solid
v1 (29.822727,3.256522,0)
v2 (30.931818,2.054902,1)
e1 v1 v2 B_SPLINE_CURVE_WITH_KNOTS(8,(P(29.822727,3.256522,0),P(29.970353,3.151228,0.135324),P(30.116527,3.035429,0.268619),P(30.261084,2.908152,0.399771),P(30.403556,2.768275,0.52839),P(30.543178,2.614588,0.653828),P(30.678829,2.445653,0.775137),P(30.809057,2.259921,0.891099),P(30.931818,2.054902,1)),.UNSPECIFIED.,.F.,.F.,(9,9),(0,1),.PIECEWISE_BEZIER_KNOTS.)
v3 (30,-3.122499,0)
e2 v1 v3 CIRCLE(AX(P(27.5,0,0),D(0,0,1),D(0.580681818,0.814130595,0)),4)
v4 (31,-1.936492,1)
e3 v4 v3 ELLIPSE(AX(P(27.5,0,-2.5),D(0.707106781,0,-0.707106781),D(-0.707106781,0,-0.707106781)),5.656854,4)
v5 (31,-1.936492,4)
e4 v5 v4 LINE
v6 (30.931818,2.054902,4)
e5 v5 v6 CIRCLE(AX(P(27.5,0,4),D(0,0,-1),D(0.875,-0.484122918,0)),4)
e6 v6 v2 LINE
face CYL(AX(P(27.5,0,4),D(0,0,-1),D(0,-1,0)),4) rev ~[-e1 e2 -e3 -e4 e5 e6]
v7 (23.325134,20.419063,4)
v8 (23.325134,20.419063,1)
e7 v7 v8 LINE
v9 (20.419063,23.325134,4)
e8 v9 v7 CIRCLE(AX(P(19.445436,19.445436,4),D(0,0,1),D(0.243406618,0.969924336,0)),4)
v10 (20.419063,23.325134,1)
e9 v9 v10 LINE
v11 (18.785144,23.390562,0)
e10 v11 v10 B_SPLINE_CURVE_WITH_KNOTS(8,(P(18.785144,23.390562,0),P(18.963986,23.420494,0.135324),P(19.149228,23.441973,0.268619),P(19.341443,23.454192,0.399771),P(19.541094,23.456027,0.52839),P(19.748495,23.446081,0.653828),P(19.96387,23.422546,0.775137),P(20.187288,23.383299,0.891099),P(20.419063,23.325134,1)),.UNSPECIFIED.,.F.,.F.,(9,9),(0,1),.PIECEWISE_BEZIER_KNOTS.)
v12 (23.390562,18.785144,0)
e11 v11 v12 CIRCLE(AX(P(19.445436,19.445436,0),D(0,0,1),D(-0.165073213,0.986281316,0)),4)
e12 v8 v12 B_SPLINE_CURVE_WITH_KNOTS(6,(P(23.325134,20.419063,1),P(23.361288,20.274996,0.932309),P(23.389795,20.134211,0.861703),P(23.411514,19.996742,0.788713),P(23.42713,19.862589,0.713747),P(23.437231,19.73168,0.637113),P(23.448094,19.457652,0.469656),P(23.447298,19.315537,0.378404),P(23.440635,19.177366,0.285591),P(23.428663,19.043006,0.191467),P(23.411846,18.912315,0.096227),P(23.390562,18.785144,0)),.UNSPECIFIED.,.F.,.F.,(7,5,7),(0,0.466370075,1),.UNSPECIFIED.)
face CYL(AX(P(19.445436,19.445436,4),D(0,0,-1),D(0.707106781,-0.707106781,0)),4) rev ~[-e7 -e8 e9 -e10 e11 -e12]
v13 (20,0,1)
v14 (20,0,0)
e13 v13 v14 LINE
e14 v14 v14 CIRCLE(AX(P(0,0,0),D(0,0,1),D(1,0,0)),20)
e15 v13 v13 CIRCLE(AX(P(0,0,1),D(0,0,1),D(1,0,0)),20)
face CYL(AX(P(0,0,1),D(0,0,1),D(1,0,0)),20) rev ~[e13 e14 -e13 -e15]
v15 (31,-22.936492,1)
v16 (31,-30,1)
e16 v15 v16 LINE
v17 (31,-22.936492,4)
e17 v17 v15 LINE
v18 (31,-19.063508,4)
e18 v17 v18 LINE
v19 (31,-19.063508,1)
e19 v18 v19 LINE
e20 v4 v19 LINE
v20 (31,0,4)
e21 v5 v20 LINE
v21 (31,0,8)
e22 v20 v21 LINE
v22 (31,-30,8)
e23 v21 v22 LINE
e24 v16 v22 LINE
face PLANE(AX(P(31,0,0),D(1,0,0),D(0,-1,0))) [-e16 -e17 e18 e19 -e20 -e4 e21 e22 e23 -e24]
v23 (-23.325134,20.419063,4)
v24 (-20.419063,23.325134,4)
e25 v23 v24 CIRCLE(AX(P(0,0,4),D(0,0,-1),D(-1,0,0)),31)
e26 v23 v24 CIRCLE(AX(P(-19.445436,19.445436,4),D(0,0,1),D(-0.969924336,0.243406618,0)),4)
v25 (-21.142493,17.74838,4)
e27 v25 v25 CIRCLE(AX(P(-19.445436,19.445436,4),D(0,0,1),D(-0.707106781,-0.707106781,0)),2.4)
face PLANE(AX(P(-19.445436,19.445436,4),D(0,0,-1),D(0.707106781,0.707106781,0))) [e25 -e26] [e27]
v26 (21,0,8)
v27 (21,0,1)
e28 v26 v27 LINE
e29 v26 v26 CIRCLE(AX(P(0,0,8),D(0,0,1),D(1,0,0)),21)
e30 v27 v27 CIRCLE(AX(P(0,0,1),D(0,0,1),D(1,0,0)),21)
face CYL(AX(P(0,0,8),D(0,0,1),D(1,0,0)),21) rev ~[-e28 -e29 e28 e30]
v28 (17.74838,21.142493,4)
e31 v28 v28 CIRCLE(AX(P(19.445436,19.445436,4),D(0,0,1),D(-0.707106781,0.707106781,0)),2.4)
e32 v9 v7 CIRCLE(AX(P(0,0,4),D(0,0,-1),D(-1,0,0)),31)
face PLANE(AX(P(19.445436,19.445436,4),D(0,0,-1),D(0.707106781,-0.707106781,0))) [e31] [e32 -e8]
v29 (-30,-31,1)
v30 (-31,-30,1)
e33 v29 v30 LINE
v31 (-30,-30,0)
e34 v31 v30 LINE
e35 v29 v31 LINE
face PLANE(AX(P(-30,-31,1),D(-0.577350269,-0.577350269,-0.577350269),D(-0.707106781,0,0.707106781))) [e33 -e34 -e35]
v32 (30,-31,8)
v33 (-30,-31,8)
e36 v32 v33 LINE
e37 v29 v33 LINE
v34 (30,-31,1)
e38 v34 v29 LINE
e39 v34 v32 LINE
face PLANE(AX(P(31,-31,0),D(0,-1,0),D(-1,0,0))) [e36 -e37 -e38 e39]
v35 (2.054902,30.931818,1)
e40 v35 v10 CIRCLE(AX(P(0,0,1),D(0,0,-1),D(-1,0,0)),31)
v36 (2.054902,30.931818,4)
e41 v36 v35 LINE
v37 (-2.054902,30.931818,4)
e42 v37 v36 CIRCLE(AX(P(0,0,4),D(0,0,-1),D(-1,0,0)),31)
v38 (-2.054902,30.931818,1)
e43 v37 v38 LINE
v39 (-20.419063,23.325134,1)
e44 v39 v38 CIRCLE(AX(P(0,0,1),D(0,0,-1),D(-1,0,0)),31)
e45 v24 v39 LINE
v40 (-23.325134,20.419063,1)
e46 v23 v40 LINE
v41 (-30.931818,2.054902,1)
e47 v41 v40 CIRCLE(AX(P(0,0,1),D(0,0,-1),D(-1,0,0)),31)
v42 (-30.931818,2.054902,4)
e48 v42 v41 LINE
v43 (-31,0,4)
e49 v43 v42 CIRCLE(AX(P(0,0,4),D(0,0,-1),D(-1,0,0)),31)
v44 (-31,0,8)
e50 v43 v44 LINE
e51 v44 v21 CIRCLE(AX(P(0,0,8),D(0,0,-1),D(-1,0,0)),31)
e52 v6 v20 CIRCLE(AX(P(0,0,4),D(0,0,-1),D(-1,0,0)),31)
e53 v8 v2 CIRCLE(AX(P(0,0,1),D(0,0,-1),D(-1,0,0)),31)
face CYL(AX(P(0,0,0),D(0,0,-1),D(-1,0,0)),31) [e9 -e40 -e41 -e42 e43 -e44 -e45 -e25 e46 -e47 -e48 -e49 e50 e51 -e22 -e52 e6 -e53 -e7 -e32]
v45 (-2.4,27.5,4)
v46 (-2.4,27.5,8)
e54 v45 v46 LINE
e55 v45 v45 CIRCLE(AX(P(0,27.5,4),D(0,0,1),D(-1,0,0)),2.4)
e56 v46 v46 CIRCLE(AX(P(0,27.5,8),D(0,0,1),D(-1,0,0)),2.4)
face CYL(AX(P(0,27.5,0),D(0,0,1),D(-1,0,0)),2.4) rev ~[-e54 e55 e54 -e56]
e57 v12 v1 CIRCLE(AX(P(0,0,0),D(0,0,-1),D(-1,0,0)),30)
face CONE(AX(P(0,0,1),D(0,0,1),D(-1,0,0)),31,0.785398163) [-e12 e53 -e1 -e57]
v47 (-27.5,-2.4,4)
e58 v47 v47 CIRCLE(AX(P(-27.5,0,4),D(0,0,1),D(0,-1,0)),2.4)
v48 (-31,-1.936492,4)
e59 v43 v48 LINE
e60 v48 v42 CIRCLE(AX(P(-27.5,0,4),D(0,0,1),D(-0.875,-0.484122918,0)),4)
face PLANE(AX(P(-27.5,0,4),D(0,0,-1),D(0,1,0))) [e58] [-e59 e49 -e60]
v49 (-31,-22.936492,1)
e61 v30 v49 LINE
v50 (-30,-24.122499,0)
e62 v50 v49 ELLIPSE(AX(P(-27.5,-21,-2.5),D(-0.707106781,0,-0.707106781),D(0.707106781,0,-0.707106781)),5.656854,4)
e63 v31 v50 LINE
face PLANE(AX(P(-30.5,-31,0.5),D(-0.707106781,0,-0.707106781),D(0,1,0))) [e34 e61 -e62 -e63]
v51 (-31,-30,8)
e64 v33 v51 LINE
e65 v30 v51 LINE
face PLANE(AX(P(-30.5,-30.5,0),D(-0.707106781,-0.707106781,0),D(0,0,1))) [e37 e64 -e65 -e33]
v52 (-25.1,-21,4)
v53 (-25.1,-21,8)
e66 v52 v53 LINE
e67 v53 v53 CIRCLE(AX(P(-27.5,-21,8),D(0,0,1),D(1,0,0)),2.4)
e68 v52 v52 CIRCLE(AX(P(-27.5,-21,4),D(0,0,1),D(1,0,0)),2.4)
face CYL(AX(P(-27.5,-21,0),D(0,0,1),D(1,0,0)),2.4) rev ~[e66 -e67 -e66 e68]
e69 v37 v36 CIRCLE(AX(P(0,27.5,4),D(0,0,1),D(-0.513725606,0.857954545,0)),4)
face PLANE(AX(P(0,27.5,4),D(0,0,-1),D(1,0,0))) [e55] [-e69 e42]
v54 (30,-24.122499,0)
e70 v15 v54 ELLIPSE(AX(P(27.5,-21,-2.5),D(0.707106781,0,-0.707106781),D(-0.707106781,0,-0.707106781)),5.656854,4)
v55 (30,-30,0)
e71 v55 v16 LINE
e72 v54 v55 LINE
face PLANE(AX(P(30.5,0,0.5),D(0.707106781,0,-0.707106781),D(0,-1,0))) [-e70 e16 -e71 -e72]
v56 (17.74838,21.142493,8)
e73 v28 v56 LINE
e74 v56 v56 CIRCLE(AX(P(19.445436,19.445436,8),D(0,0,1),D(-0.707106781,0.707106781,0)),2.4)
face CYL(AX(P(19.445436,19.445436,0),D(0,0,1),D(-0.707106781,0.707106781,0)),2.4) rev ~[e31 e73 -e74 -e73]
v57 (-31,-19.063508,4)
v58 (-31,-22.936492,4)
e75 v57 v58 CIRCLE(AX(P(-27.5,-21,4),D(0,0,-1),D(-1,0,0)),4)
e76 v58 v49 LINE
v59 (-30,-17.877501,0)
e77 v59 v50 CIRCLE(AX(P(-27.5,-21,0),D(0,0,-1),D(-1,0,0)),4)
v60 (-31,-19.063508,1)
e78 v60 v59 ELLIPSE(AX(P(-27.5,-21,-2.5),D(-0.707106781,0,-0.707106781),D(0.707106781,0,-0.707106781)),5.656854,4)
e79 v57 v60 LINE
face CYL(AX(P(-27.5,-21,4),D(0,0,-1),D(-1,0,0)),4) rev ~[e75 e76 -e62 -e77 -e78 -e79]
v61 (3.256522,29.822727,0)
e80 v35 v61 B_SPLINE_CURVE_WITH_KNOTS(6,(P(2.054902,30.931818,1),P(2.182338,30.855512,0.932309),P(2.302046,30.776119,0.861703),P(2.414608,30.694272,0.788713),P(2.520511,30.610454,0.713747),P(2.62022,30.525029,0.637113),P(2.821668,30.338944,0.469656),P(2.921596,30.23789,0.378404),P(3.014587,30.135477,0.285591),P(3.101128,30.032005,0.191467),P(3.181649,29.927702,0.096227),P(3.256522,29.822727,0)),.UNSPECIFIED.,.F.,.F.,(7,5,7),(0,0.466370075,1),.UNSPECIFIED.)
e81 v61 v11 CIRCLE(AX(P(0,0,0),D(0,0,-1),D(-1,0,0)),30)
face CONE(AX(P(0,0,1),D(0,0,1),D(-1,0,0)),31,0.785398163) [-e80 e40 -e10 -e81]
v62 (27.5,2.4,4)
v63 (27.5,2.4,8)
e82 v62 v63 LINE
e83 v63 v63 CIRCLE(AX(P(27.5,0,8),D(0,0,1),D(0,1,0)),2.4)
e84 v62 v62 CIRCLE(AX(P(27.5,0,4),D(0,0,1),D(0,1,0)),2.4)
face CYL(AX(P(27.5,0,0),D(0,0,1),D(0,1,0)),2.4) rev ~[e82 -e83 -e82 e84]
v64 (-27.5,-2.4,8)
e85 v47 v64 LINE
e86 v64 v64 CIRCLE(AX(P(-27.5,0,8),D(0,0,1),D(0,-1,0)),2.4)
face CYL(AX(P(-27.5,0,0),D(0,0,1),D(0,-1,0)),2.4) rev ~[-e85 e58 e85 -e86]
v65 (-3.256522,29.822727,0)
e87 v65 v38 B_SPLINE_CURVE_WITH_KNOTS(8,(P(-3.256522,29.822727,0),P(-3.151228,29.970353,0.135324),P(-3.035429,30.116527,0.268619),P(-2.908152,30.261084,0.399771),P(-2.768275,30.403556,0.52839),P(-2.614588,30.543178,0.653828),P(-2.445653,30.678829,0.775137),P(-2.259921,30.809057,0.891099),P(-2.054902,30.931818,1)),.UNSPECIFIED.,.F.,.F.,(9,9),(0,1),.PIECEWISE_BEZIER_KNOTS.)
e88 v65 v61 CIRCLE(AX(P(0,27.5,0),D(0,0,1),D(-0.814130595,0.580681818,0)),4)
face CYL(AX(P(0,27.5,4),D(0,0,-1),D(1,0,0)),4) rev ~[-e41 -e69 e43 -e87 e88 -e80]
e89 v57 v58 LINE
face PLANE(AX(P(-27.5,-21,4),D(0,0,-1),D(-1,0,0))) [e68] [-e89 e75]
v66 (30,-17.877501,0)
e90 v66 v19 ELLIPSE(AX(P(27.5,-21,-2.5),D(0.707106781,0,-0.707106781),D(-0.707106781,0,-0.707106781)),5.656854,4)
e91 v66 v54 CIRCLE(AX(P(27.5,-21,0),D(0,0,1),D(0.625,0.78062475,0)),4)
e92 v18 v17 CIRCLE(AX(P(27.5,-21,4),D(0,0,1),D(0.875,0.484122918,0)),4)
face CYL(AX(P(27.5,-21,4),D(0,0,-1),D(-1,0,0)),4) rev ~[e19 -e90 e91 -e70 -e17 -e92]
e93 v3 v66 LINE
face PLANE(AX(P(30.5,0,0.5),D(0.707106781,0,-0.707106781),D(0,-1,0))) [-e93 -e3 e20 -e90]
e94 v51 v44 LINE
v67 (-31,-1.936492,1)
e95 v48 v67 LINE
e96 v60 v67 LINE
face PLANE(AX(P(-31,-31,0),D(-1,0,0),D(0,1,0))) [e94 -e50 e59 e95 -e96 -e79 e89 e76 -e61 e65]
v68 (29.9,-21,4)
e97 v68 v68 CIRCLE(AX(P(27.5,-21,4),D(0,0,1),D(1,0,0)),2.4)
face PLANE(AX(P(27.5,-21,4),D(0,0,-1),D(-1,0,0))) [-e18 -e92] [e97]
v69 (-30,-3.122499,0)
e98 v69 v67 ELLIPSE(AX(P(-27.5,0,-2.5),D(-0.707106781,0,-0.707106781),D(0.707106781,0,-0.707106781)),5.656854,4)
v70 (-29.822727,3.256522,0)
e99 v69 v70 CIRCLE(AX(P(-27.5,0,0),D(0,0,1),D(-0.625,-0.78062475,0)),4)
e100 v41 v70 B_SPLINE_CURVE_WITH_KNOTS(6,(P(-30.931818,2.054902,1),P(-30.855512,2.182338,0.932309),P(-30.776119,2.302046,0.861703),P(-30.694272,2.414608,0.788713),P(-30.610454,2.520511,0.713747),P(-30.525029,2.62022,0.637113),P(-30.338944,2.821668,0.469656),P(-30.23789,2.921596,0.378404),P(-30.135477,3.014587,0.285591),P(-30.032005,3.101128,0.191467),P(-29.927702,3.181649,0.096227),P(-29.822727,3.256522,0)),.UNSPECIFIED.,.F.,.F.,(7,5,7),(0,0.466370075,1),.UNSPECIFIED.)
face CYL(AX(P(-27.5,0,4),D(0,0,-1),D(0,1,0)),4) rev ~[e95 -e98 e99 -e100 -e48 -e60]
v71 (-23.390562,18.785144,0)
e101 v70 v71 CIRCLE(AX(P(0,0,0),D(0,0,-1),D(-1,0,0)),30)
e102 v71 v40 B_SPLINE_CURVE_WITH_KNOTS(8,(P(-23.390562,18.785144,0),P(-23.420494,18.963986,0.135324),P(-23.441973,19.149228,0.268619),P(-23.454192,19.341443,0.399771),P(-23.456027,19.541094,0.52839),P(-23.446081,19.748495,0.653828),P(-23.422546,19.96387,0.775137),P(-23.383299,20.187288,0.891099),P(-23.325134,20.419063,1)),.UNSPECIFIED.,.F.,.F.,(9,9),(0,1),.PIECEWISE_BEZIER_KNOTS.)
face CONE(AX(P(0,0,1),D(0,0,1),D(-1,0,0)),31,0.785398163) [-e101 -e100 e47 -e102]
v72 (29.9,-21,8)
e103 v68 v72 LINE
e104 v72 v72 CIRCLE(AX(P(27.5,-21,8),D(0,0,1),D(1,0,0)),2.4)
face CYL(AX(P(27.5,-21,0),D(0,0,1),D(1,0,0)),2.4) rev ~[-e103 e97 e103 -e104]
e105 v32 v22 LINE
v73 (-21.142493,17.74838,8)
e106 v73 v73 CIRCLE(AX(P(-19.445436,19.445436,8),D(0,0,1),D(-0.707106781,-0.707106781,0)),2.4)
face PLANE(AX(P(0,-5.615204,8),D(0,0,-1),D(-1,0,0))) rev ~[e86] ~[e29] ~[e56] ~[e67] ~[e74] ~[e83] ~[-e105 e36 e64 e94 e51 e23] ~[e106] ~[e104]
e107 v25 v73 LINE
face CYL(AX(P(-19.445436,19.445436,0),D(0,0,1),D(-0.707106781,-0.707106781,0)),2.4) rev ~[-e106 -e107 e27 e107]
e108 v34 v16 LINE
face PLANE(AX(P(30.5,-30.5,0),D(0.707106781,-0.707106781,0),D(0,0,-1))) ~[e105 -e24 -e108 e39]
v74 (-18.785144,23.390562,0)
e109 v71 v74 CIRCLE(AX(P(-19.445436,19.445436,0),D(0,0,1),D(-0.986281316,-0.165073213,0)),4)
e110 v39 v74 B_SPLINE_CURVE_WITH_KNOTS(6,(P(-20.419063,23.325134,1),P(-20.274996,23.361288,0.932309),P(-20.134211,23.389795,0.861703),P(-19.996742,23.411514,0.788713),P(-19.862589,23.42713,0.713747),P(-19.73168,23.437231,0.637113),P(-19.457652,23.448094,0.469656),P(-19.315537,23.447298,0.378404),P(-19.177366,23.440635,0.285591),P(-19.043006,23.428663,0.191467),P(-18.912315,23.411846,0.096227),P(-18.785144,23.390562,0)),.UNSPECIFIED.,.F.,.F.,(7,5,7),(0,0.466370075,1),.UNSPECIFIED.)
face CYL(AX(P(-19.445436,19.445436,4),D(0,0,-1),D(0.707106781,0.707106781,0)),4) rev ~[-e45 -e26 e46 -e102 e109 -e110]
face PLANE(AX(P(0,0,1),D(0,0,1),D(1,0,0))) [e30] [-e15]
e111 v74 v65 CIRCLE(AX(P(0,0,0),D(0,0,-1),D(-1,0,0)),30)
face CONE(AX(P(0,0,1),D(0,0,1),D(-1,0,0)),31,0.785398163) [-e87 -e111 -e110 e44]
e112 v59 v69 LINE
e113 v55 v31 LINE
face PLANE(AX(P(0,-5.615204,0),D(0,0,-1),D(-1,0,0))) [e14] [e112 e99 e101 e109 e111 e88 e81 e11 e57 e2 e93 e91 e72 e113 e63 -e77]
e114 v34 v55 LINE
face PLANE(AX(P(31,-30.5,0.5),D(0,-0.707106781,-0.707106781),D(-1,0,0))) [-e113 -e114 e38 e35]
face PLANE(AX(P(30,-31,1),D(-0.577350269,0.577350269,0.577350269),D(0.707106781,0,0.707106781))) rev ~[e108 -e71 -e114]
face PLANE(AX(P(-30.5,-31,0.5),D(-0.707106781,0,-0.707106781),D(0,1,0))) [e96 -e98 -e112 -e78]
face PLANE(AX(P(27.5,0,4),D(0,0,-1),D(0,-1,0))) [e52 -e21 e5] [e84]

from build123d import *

# Parameters (mm, degrees)
EXTRUDE_1_DEPTH              = 8
CHAMFER_1_SIZE               = 1
HOLE_WIZARD_M4_1_D           = 4.8
HOLE_WIZARD_M4_1_CBORE_D     = 8
HOLE_WIZARD_M4_1_CBORE_DEPTH = 4
PATTERN_CIRCULAR_1_COUNT     = 8
SKETCH_11_R                  = 21
CUT_EXTRUDE_8_DEPTH          = 7
SKETCH_12_R                  = 20
CUT_EXTRUDE_9_DEPTH          = 2.0000001
HOLE_WIZARD_M4_2_D           = 4.8
HOLE_WIZARD_M4_2_CBORE_D     = 8
HOLE_WIZARD_M4_2_CBORE_DEPTH = 4


with BuildPart() as part:
    # ｽｹｯﾁ1 → ﾎﾞｽ - 押し出し1 (new body)
    with BuildSketch(Plane.XY):
        with BuildLine():
            Line((31, -31), (-31, -31))
            Line((-31, -31), (-31, 0))
            ThreePointArc((-31, 0), (0, 31), (31, 0))
            Line((31, 0), (31, -31))
        make_face()
    extrude(amount=EXTRUDE_1_DEPTH)

    # 面取り1
    chamfer_1_edges = [part.edges().sort_by_distance(p)[0] for p in [
        (31, -15.5, 0),
        (0, -31, 0),
        (-31, -15.5, 0),
        (0, 31, 0),
        (31, -31, 4),
        (-31, -31, 4),
    ]]
    chamfer(chamfer_1_edges, length=CHAMFER_1_SIZE)

    # M4 穴付きねじ用座ぐり穴1 (through all)
    with Locations(Plane(origin=(0, 0, 0), x_dir=(1, 0, 0), z_dir=(0, 0, -1))):
        with Locations((0, -27.5)):
            hole_wizard_m4_1 = CounterBoreHole(HOLE_WIZARD_M4_1_D / 2, HOLE_WIZARD_M4_1_CBORE_D / 2, HOLE_WIZARD_M4_1_CBORE_DEPTH)

    # 円形ﾊﾟﾀｰﾝ1: M4 穴付きねじ用座ぐり穴1 ×8 about axis, 3 skipped
    pattern_circular_1_axis = Axis((0, 0, 0), (0, 0, -1))
    add([hole_wizard_m4_1.rotate(pattern_circular_1_axis, i * 360 / PATTERN_CIRCULAR_1_COUNT) for i in range(1, PATTERN_CIRCULAR_1_COUNT) if i not in (3, 4, 5)], mode=Mode.SUBTRACT)

    # ｽｹｯﾁ11 → ｶｯﾄ - 押し出し8 (cut)
    with BuildSketch(Plane.XY.offset(8)):
        Circle(SKETCH_11_R)
    extrude(amount=-CUT_EXTRUDE_8_DEPTH, mode=Mode.SUBTRACT)

    # ｽｹｯﾁ12 → ｶｯﾄ - 押し出し9 (cut, through all)
    with BuildSketch(Plane.XY.offset(1)):
        Circle(SKETCH_12_R)
    extrude(amount=-CUT_EXTRUDE_9_DEPTH, mode=Mode.SUBTRACT)

    # M4 穴付きねじ用座ぐり穴2 (through all)
    with Locations(Plane(origin=(0, 0, 0), x_dir=(-1, 0, 0), z_dir=(0, 0, -1))):
        with Locations((27.5, -21), (-27.5, -21)):
            CounterBoreHole(HOLE_WIZARD_M4_2_D / 2, HOLE_WIZARD_M4_2_CBORE_D / 2, HOLE_WIZARD_M4_2_CBORE_DEPTH)


solid = part.part
